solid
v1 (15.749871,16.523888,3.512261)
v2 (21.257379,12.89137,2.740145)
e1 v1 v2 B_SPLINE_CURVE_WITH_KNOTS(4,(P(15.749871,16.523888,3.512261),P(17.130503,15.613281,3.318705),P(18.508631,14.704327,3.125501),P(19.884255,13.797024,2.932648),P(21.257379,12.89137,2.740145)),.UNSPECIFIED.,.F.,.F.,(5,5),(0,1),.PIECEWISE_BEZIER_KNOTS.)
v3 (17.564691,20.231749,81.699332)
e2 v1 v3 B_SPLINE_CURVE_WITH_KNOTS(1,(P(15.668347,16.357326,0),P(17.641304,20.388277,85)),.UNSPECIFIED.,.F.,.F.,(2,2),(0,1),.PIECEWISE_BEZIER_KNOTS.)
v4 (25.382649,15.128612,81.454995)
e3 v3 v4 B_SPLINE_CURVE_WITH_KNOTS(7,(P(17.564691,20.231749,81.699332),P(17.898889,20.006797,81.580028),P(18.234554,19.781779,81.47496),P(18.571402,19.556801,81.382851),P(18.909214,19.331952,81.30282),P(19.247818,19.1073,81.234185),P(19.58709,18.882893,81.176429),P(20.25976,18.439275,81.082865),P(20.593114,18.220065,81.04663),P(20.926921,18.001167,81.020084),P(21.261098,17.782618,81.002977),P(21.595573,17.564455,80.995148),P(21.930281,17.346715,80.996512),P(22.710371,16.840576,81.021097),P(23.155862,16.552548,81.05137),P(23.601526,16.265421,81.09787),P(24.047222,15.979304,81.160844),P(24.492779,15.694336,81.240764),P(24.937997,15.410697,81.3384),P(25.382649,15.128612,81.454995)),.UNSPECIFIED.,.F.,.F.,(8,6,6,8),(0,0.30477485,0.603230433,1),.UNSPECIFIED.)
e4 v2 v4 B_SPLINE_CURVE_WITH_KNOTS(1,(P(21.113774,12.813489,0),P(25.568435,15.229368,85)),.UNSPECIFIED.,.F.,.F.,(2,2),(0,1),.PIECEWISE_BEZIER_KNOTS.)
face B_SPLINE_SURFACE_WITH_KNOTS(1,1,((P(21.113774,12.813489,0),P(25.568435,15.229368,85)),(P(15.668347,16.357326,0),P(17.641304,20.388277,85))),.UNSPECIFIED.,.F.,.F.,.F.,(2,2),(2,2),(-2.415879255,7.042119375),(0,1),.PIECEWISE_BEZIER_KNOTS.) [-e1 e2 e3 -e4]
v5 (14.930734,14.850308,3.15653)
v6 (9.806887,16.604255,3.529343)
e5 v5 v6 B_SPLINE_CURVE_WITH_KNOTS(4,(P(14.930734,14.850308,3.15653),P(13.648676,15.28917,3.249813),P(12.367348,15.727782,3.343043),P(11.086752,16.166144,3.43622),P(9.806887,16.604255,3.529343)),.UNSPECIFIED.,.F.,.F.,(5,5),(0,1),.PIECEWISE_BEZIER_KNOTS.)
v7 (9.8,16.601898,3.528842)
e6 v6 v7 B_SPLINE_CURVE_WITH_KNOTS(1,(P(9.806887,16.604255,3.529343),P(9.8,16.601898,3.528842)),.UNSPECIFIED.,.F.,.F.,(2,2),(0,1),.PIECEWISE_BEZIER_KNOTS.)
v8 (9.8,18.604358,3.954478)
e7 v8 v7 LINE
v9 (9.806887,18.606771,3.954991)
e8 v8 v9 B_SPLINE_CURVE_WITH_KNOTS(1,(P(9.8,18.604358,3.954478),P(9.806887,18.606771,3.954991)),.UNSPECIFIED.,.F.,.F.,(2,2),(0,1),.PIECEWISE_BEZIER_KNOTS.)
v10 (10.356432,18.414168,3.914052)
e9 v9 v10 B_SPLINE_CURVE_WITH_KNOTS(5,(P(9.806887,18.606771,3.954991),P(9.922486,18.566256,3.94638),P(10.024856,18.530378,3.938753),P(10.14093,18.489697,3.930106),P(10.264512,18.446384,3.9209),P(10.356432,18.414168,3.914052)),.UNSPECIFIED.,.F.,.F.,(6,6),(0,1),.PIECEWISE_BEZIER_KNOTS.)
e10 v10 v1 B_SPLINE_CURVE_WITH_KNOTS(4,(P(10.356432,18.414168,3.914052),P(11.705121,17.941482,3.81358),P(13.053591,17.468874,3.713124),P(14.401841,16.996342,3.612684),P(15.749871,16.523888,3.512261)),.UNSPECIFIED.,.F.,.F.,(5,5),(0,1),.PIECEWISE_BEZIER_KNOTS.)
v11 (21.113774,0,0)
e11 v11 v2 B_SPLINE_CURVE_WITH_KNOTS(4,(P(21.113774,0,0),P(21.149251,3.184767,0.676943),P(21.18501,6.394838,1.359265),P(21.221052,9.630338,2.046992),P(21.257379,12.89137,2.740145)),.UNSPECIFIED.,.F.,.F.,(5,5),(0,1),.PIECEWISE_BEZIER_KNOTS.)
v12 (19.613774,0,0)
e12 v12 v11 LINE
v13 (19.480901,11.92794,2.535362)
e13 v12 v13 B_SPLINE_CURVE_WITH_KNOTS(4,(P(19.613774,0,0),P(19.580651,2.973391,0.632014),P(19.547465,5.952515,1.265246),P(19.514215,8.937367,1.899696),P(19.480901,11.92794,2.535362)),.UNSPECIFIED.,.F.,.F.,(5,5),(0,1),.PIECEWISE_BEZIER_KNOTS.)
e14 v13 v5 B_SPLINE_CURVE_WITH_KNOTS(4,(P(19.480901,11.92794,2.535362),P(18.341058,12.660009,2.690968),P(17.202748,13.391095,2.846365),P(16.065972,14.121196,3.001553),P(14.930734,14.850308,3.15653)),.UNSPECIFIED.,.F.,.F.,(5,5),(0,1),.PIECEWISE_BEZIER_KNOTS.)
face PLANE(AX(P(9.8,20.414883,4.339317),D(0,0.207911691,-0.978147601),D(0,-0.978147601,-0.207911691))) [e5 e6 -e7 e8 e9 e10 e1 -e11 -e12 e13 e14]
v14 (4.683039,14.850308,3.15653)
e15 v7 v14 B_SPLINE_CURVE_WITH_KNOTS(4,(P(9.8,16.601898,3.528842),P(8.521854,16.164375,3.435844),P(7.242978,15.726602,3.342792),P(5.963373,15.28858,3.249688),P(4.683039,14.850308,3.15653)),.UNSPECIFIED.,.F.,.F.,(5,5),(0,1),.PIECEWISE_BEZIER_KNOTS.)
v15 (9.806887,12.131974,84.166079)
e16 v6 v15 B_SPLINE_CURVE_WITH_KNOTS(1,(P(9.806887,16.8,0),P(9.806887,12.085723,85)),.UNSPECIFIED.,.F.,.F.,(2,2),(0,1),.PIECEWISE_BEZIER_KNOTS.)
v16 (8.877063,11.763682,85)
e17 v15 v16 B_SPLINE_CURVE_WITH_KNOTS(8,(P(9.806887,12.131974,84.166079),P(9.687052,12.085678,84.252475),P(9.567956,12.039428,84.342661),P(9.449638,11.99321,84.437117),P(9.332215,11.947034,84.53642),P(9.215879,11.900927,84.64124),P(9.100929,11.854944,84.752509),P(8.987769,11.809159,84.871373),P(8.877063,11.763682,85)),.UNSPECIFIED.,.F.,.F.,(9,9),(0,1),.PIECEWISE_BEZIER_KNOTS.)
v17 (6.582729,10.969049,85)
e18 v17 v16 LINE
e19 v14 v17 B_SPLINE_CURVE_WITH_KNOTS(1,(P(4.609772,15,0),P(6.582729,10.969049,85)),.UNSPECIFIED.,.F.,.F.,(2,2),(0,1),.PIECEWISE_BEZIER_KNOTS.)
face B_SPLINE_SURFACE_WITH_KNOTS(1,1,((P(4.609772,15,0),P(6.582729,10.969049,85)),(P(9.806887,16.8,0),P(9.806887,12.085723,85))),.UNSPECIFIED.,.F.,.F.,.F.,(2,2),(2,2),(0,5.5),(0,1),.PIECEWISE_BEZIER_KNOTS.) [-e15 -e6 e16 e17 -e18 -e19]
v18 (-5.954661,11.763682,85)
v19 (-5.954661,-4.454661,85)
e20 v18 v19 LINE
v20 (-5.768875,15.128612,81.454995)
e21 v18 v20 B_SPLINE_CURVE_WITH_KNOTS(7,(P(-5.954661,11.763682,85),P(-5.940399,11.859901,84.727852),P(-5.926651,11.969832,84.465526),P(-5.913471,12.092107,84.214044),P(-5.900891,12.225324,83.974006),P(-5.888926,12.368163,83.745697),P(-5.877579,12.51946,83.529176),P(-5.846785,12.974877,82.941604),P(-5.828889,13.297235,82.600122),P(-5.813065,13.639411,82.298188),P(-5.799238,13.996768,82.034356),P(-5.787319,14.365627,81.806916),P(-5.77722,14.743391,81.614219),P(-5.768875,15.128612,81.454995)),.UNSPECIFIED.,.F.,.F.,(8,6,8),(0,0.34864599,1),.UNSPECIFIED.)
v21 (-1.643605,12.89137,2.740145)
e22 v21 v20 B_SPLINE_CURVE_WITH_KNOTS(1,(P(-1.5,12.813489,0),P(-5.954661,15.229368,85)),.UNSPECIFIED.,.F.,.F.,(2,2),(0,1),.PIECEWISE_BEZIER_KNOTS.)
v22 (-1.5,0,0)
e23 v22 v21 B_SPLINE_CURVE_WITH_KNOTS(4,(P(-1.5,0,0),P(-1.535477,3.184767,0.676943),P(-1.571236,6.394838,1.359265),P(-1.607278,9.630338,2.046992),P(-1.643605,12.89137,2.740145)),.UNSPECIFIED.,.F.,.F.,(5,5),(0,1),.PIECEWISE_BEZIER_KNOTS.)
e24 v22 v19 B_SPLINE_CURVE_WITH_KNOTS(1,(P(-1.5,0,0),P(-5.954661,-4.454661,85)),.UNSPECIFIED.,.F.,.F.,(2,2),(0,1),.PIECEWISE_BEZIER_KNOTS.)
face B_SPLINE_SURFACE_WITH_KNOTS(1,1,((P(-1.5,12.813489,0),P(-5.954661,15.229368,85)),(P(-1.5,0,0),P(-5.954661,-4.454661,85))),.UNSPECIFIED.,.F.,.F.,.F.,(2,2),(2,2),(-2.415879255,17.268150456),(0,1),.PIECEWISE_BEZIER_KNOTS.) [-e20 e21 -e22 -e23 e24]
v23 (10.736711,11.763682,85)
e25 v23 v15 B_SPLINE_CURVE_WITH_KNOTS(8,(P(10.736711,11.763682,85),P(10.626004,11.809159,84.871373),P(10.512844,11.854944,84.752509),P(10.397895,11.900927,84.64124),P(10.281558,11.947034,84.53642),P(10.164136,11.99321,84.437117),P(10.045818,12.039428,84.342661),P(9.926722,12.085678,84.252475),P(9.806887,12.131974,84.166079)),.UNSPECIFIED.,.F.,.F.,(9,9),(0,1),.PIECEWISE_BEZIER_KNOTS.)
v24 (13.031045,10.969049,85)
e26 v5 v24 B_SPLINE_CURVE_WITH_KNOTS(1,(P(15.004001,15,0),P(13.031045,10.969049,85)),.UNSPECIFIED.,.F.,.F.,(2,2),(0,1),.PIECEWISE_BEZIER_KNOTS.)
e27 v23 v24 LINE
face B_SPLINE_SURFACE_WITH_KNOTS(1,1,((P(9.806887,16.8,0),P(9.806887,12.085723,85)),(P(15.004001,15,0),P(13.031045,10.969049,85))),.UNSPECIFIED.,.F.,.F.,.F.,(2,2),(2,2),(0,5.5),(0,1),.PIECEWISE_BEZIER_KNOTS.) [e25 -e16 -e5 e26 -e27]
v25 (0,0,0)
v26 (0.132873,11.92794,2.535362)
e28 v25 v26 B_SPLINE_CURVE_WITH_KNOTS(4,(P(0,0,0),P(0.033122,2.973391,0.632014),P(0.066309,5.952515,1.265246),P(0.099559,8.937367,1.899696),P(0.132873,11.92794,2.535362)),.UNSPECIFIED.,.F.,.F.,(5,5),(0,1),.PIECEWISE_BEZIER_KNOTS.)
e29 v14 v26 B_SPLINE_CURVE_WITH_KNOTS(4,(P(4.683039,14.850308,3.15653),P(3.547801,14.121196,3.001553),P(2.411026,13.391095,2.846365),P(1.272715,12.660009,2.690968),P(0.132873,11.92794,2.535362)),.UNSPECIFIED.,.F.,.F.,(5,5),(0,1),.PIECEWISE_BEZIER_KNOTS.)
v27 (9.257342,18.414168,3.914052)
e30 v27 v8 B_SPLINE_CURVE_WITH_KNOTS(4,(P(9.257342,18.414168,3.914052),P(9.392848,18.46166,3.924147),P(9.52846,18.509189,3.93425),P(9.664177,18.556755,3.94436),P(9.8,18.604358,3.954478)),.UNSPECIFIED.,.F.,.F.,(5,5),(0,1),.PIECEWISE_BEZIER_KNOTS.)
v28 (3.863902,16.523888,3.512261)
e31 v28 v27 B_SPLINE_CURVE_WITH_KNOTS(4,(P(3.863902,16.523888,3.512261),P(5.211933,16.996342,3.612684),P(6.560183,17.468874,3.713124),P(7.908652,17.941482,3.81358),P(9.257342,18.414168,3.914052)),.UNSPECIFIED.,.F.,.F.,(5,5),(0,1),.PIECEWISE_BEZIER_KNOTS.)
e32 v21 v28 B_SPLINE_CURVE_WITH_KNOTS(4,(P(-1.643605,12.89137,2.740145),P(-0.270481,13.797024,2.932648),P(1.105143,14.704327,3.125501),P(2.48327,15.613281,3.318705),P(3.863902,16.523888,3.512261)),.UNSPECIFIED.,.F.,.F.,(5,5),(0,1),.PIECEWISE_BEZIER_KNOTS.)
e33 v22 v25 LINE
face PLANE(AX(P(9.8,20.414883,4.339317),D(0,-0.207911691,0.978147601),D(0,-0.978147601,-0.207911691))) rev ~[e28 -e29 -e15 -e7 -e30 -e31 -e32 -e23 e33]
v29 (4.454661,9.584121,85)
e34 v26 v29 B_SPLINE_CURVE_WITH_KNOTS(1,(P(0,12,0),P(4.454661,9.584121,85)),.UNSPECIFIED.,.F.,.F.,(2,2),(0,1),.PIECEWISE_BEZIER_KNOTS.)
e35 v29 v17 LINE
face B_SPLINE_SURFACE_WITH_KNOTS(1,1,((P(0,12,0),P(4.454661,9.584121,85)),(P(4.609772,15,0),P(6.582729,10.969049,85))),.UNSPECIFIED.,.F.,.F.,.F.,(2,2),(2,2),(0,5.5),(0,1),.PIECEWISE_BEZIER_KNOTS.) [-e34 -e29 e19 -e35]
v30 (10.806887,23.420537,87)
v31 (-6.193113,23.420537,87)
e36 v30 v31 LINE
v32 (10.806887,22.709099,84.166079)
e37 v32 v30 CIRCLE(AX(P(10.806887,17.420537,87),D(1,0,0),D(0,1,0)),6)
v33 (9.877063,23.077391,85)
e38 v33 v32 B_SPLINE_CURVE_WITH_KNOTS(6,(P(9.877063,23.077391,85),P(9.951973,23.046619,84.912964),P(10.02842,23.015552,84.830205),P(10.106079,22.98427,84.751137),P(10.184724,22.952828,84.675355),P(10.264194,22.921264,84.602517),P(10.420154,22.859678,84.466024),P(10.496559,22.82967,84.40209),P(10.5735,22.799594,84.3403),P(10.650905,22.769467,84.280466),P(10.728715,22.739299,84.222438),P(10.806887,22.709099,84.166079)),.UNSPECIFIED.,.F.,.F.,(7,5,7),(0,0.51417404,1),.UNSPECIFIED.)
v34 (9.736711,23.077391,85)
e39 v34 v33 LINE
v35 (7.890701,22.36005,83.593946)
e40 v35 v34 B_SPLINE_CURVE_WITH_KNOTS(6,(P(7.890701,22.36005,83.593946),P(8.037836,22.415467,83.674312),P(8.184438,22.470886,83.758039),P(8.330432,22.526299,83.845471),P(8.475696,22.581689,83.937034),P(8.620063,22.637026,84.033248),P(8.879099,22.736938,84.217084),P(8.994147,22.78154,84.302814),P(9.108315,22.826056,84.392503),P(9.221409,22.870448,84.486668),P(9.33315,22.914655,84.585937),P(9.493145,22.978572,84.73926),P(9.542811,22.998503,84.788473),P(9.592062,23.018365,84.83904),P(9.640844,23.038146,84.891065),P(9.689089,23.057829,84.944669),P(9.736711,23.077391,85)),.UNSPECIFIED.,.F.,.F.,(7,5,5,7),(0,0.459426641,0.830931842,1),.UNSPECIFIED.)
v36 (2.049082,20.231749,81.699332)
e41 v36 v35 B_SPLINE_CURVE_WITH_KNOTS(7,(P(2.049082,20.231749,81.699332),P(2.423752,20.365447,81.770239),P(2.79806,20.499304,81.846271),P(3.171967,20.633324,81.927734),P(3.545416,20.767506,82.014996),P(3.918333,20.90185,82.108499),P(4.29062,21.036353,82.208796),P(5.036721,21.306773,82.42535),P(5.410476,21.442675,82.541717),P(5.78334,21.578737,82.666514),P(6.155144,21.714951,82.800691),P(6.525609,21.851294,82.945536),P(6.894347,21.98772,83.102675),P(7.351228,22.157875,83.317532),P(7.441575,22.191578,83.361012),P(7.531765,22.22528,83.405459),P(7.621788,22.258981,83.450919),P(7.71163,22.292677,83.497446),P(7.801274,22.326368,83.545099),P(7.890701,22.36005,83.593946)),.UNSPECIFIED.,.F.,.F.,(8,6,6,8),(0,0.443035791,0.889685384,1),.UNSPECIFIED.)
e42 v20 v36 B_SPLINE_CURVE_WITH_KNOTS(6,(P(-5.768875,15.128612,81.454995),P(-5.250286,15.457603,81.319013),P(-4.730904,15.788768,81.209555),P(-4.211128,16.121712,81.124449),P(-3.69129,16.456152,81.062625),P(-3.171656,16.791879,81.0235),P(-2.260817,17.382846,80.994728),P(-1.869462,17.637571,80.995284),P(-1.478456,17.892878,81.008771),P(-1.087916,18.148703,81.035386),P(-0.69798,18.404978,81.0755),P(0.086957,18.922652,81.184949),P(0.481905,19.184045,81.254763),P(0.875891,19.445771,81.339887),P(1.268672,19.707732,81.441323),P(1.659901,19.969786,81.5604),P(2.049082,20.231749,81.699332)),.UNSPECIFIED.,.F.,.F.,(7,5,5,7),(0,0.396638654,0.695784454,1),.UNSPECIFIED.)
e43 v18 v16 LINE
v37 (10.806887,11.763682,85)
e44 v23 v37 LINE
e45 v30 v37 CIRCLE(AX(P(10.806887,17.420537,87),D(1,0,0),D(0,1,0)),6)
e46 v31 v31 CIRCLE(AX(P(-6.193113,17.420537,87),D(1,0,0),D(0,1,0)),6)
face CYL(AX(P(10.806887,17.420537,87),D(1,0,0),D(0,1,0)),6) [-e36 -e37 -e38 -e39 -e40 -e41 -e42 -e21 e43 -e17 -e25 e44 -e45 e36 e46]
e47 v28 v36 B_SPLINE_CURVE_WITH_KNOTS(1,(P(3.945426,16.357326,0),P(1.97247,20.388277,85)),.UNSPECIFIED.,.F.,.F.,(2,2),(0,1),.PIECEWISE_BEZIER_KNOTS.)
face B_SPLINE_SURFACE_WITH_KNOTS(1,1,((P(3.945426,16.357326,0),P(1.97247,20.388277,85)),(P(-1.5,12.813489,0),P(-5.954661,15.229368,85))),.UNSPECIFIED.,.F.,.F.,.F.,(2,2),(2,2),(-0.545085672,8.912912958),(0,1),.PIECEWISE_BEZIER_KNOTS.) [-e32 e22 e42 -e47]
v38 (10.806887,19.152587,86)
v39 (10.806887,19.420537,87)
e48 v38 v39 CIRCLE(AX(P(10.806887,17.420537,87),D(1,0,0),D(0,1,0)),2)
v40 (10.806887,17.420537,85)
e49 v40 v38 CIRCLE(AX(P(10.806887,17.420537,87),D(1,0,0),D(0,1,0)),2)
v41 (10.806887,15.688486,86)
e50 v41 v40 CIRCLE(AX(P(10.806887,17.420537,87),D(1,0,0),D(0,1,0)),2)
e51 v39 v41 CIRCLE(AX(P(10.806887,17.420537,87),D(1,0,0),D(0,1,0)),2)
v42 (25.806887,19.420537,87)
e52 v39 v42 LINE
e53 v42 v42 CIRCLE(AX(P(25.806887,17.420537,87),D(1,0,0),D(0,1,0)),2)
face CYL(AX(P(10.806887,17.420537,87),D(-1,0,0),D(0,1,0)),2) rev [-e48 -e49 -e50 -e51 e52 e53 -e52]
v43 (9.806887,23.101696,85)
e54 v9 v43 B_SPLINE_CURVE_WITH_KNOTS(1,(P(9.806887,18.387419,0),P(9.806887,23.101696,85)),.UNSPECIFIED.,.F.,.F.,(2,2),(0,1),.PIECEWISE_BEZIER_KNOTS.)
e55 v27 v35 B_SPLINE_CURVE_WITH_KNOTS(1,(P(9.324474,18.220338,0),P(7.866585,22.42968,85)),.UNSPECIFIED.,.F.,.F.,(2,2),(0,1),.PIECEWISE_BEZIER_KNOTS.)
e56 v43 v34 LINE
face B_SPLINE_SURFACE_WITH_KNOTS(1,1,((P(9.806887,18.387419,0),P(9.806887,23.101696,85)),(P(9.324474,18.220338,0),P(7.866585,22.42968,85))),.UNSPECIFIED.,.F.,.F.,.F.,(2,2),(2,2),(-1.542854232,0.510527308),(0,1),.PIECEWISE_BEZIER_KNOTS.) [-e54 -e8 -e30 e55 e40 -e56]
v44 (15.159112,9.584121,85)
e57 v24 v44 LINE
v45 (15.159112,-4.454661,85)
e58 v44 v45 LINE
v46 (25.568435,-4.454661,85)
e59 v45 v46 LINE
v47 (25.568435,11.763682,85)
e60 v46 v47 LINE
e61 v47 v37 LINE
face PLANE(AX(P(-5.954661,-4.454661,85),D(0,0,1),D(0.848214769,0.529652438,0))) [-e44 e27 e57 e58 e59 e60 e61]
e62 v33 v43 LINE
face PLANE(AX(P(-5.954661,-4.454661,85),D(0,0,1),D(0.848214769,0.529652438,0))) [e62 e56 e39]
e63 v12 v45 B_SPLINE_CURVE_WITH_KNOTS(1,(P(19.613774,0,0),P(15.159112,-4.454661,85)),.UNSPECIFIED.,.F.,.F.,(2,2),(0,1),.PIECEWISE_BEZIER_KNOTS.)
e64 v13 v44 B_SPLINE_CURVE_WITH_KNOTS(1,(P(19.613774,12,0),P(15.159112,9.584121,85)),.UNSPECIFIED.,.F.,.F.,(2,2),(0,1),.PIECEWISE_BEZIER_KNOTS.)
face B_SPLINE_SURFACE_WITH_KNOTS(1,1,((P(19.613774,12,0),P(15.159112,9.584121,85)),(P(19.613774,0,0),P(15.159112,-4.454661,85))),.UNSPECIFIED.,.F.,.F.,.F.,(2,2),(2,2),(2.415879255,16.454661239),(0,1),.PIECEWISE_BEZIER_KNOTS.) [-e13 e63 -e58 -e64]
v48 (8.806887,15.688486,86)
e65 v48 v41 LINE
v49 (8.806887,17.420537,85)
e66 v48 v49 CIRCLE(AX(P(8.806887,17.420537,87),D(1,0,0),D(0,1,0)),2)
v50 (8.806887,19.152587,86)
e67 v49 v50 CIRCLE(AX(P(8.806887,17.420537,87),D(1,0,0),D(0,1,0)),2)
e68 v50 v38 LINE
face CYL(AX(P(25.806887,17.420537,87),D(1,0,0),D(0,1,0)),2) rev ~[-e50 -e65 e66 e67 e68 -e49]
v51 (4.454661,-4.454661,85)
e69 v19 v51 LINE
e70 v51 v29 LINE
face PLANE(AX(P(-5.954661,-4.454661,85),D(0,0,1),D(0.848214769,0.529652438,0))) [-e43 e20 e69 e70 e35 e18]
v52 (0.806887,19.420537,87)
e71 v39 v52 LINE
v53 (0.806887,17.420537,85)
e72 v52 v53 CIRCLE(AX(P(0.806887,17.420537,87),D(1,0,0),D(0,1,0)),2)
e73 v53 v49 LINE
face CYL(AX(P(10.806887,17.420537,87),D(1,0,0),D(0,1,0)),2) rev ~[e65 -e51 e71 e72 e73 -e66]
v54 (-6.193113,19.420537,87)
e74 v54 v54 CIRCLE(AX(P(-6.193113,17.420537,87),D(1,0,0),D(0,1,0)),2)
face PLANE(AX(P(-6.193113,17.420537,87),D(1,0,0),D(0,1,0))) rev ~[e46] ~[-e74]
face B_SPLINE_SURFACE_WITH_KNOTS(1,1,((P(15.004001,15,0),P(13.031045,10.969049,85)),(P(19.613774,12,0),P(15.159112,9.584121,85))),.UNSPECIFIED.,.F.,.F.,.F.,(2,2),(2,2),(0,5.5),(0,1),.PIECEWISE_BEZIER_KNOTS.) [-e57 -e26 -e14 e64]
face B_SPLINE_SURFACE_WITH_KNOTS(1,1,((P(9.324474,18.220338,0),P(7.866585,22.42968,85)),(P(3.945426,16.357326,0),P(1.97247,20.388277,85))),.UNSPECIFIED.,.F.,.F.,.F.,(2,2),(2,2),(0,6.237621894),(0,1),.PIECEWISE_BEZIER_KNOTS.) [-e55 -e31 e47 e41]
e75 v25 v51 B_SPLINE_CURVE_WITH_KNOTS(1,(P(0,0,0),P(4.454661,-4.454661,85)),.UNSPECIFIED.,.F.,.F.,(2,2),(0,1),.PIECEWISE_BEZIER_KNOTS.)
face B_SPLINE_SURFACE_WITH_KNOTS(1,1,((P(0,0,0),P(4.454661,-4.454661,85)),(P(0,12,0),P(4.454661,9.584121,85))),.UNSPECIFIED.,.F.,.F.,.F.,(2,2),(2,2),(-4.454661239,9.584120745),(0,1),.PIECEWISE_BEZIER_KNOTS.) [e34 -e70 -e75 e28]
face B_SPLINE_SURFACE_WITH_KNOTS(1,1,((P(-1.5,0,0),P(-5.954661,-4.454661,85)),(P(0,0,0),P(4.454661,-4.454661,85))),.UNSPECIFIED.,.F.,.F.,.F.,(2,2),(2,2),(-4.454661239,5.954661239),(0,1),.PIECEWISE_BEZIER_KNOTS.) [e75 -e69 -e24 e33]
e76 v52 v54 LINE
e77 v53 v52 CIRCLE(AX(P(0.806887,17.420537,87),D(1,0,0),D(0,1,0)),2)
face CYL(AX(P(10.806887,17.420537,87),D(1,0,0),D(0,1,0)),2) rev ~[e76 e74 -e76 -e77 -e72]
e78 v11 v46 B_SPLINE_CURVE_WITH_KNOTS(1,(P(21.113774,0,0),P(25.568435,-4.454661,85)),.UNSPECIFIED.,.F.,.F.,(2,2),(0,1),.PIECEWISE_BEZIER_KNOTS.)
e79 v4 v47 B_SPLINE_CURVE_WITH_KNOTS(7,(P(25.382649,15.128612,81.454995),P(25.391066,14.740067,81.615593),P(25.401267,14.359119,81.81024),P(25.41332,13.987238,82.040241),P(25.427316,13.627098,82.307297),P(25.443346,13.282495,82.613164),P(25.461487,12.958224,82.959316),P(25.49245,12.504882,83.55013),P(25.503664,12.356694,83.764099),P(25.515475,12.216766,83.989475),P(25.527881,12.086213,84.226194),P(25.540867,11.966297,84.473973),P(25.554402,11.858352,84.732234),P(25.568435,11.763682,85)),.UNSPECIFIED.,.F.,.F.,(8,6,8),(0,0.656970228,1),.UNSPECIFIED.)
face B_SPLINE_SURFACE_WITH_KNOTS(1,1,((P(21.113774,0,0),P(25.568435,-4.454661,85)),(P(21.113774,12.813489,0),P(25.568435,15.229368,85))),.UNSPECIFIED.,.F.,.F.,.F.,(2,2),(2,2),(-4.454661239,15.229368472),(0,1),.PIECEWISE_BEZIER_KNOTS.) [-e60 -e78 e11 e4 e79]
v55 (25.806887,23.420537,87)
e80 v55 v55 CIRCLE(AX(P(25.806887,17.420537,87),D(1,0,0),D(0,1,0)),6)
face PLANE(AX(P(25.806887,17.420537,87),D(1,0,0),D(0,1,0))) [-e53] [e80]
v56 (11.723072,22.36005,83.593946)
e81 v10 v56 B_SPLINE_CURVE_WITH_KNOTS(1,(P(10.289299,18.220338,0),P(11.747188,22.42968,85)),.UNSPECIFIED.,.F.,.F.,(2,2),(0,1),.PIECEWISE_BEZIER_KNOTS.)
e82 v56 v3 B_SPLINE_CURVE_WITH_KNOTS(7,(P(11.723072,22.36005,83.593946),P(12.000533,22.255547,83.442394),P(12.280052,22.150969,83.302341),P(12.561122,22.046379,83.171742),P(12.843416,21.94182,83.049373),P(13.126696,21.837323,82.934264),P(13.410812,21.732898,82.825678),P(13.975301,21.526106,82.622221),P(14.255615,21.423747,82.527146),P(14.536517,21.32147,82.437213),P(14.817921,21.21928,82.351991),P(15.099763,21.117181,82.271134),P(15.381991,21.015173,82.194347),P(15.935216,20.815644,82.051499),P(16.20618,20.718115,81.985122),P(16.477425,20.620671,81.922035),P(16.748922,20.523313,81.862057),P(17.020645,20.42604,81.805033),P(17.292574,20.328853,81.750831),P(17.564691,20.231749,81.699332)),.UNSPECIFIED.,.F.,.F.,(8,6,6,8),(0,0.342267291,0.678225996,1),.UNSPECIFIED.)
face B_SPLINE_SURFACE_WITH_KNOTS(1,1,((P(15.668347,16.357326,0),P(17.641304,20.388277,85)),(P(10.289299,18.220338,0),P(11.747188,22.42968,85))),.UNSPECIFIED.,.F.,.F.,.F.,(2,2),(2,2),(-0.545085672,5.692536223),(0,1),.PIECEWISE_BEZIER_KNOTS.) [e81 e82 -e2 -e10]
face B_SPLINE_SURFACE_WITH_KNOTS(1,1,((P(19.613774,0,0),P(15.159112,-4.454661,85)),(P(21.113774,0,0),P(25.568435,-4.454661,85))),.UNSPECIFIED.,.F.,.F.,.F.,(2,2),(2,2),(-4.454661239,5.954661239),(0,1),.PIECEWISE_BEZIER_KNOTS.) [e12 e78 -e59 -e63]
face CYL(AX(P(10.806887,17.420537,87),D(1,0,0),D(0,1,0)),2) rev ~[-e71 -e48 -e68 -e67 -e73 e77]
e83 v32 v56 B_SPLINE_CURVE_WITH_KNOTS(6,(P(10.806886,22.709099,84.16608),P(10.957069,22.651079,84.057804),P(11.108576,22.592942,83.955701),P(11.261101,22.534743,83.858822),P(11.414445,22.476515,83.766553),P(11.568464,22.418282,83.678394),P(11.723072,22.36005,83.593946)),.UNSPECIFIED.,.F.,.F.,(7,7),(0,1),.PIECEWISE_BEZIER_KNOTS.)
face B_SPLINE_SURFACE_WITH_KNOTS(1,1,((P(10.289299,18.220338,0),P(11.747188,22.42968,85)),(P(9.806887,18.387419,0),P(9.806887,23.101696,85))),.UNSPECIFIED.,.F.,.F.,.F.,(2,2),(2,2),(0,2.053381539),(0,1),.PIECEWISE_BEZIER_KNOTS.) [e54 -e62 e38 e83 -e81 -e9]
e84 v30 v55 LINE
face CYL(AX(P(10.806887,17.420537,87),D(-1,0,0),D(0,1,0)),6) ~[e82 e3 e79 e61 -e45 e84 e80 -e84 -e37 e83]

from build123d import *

# Parameters (mm, degrees)
F2_DEPTH       = 85
F2_TAPER       = -3
F4_DEPTH       = 1
F5_R           = 6
F5_R_2         = 2
F6_DEPTH       = 15
F6_DEPTH_BACK  = 17
F7_R           = 2
F8_DEPTH       = 25
F11_DEPTH      = 25
F11_DEPTH_BACK = 25


with BuildPart() as f2:
    # F0 (on Top) → F2 (new body)
    with BuildSketch(Plane.XY):
        Polygon((-1.5, 0), (0, 0), (0, 12), (4.6097722286, 15), (9.8068868127, 16.8), (15.0040013968, 15), (19.6137736254, 12), (19.6137736254, 0), (21.1137736254, 0), (21.1137736254, 12.8134892168), (15.668347165, 16.357325782), (10.2892993427, 18.2203376367), (9.8068868127, 18.3874193009), (9.3244742827, 18.2203376367), (3.9454264604, 16.357325782), (-1.5, 12.8134892168), align=None)
    extrude(amount=F2_DEPTH, taper=F2_TAPER)

    # F3 (on face) → F4 (join)
    with BuildSketch(Plane.XY.offset(85)):
        Polygon((8.8068868127, 12.08572318), (9.8068868127, 12.08572318), (10.8068868127, 12.08572318), (10.8068868127, 22.7553500917), (8.8068868127, 22.7553500917), align=None)
    extrude(amount=F4_DEPTH)

    # F5 (on face) → F6 (join, two sides)
    with BuildSketch(Plane.YZ.offset(10.8068868127)) as f6_sk:
        with Locations((17.4205366358, 87)):
            Circle(F5_R)
        with Locations((17.4205366358, 87)):
            Circle(F5_R_2, mode=Mode.SUBTRACT)
    extrude(amount=F6_DEPTH)
    extrude(f6_sk.sketch, amount=-F6_DEPTH_BACK)

    # F7 (on face) → F8 (cut)
    with BuildSketch(Plane.YZ.offset(25.8068868127)):
        with Locations((17.4205366358, 87)):
            Circle(F7_R)
    extrude(amount=-F8_DEPTH, mode=Mode.SUBTRACT)

    # F10 (on offset) → F11 (cut, two sides)
    with BuildSketch(Plane.YZ.offset(9.8)) as f11_sk:
        Polygon((20.4148828708, 4.3393173099), (0, 0), (20.4148828708, 0), align=None)
    extrude(amount=-F11_DEPTH, mode=Mode.SUBTRACT)
    extrude(f11_sk.sketch, amount=F11_DEPTH_BACK, mode=Mode.SUBTRACT)


solid = f2.part
